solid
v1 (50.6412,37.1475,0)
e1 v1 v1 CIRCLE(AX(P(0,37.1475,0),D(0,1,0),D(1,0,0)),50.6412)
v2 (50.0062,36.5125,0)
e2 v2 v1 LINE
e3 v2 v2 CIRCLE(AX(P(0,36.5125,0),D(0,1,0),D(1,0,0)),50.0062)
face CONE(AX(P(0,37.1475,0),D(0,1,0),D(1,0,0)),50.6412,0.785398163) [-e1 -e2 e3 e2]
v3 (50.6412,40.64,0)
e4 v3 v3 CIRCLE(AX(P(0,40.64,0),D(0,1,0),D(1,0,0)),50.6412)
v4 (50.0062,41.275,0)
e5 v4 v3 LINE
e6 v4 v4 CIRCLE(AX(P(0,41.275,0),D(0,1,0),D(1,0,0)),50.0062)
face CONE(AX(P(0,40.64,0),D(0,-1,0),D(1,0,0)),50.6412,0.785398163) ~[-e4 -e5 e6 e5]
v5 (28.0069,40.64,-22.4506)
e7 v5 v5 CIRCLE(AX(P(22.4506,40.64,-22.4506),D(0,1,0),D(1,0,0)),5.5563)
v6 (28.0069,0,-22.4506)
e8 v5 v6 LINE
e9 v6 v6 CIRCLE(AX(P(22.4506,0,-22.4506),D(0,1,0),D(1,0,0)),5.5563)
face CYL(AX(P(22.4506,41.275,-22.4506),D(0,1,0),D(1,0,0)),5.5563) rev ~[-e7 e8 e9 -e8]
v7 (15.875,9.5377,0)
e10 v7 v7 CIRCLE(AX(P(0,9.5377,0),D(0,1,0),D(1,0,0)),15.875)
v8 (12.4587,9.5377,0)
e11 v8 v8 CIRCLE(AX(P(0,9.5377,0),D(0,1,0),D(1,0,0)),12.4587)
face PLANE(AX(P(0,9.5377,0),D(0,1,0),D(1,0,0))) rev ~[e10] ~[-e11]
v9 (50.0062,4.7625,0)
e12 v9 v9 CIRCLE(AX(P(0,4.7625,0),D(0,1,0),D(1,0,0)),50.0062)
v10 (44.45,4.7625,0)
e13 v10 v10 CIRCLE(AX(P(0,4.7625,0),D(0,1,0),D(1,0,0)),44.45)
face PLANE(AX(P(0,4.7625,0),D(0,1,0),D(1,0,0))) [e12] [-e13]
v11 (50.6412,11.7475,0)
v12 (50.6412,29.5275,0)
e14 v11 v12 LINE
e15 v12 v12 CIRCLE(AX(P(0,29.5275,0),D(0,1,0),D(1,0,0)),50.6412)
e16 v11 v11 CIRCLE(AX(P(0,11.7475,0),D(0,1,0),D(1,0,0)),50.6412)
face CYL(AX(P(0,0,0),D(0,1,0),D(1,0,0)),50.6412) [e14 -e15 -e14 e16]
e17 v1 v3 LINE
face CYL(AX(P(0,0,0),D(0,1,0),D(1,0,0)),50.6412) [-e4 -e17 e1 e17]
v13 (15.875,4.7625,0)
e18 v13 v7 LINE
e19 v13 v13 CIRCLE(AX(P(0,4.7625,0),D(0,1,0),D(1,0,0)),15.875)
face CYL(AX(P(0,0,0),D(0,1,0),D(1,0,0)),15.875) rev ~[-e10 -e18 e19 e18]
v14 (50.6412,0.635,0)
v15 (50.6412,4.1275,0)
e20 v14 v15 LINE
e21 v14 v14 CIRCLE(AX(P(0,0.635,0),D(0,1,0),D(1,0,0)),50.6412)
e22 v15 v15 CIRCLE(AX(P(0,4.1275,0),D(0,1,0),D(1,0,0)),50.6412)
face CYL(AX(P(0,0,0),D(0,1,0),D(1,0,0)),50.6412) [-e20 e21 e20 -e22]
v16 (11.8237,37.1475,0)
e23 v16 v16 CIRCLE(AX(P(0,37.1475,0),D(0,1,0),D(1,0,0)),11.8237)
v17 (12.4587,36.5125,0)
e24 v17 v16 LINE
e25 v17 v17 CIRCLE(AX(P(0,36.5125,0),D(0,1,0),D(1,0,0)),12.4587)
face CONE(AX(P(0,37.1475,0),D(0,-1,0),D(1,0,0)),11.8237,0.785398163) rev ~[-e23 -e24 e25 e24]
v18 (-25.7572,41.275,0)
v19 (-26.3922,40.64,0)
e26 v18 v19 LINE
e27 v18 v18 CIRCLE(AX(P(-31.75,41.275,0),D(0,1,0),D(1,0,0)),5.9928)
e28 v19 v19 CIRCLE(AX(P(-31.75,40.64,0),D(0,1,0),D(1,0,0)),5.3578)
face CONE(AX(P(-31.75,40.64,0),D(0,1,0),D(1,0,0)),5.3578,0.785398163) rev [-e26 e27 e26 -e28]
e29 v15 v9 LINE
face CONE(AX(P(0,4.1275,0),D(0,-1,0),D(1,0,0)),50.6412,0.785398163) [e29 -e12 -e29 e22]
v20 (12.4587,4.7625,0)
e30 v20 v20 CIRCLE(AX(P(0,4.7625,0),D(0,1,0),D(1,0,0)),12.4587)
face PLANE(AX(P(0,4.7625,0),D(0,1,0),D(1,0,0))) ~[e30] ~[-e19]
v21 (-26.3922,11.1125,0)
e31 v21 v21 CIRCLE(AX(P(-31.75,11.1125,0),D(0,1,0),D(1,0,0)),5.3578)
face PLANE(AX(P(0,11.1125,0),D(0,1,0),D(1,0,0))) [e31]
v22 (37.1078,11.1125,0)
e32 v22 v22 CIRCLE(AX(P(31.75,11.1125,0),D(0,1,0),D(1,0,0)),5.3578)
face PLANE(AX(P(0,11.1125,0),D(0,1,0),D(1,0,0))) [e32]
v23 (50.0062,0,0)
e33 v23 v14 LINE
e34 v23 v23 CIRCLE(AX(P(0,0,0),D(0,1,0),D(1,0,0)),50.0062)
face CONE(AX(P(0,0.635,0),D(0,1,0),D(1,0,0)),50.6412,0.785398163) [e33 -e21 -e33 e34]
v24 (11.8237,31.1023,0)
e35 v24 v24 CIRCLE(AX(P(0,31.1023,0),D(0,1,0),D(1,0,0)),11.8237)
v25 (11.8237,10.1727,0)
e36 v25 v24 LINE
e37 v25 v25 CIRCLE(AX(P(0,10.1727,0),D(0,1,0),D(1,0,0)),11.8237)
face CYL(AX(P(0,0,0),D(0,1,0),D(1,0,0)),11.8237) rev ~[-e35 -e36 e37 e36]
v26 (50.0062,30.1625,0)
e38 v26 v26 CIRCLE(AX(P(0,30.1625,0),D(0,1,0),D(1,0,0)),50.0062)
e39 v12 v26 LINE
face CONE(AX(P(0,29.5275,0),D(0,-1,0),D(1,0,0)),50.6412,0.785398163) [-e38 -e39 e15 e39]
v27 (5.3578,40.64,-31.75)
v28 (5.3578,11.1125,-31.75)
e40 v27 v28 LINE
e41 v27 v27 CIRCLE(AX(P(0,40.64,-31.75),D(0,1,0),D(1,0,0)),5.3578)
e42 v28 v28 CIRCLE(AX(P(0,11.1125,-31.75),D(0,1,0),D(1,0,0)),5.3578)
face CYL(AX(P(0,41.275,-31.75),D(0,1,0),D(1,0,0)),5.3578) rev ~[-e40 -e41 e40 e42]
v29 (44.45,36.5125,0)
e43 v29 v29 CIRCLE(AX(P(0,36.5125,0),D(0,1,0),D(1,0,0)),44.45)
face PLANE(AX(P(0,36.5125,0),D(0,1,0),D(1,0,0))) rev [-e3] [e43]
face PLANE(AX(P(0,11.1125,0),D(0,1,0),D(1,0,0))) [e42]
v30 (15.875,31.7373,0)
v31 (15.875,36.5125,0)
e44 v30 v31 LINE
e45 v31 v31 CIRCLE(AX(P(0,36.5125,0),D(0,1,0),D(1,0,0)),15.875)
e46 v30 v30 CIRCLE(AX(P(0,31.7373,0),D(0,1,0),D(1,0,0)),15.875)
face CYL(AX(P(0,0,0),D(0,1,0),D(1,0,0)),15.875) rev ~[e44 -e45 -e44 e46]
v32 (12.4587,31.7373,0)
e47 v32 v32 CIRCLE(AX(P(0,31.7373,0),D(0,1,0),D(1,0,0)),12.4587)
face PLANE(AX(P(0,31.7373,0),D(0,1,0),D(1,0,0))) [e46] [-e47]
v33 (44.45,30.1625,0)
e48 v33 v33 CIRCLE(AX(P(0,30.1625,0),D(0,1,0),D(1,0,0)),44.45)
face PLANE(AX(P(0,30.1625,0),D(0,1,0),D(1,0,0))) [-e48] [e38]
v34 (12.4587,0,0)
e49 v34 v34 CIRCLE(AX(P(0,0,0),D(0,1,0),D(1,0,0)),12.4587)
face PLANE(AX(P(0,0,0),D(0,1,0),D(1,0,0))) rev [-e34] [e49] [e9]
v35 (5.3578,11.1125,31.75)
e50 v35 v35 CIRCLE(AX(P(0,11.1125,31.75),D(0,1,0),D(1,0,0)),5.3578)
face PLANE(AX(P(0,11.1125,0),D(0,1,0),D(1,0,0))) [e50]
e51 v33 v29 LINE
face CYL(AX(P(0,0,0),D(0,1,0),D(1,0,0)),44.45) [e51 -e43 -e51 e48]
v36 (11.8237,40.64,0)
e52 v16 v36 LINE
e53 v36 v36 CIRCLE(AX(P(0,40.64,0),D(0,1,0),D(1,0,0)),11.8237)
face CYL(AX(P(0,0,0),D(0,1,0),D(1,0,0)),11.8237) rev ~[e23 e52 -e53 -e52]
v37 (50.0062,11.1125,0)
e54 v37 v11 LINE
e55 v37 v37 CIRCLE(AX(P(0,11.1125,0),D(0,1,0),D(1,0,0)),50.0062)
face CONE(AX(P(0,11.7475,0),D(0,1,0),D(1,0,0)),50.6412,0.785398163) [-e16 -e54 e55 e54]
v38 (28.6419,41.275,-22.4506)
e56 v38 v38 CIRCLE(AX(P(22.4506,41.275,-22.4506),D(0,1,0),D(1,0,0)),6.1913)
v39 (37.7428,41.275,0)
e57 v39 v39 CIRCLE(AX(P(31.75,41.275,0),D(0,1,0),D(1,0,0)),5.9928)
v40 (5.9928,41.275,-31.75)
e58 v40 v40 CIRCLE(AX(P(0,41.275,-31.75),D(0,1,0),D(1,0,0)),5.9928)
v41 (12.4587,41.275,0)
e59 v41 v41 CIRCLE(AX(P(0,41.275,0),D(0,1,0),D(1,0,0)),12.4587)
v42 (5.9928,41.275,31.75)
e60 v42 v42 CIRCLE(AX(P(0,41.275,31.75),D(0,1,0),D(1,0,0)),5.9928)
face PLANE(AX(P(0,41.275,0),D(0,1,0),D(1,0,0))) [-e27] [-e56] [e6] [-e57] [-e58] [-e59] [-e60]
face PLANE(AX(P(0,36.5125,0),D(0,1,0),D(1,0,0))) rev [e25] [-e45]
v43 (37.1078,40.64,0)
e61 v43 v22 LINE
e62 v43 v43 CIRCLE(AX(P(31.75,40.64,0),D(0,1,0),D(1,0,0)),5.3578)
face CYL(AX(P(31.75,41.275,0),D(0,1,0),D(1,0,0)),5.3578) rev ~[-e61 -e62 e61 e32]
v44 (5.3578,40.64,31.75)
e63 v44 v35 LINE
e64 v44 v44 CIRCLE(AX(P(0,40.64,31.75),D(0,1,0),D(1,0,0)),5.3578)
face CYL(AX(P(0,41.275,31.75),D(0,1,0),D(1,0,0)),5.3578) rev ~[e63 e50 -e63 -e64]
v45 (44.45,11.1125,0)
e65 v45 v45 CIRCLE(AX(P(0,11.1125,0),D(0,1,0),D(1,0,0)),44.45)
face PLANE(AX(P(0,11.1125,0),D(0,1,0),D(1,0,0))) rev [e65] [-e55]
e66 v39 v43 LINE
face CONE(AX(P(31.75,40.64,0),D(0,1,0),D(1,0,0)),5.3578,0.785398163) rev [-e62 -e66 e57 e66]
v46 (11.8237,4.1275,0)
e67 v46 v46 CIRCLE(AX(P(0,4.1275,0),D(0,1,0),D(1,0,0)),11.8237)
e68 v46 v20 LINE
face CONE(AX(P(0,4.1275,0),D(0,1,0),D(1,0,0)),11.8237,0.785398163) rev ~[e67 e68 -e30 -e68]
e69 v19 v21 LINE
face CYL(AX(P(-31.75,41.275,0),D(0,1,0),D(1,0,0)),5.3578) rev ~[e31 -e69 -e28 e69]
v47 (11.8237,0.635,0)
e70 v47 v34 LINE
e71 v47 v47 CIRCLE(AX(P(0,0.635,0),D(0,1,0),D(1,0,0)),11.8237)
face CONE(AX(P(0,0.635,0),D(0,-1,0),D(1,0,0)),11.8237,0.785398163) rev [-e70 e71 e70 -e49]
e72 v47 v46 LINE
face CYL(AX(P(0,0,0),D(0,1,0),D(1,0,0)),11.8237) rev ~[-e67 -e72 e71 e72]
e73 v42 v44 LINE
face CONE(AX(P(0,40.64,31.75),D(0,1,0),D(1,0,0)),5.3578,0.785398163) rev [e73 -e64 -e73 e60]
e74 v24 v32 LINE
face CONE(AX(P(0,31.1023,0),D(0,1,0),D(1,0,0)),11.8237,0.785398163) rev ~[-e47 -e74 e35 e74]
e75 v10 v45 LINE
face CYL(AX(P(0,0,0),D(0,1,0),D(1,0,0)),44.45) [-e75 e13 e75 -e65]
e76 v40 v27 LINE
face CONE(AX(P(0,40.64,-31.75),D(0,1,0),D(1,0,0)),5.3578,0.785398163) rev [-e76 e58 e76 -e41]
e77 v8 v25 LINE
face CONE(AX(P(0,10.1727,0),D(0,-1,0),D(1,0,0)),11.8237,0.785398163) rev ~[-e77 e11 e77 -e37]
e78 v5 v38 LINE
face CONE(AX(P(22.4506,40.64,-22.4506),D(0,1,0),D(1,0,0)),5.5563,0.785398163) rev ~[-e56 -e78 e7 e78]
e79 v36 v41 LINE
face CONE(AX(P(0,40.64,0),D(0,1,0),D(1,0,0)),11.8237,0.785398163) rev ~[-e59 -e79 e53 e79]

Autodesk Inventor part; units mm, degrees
ref_plane "YZ Plane" through (0, 0, 0) normal (1, 0, 0) x (0, 1, 0)
ref_plane "XZ Plane" through (0, 0, 0) normal (0, 1, 0) x (-1, 0, 0)
ref_plane "XY Plane" through (0, 0, 0) normal (0, 0, 1) x (1, 0, 0)
sketch "Sketch1" plane through (0, 0, 0) normal (0, 0, 1) x (1, 0, 0)
  line L0 (50.8, 0) -> (50.8, 39.0312) construction
  line L1 (0, 0) -> (50.6412, 0)
  line L2 (44.45, 0) -> (44.45, 51.6727)
  line L3 (0, 0) -> (0, 50.5742)
  line L4 (50.6412, 0) -> (50.6412, 45.6895)
  line L5 (50.6413, 4.7625) -> (44.45, 4.7625)
  line L6 (44.45, 11.1125) -> (50.6412, 11.1125)
  line L7 (50.6412, 30.1625) -> (44.45, 30.1625)
  line L8 (44.45, 36.5125) -> (50.6412, 36.5125)
  line L9 (50.6412, 41.275) -> (0, 41.275)
  line L10 (11.8237, 0) -> (11.8237, 53.9909)
  line L11 (15.875, 0) -> (15.875, 48.05)
  line L12 (11.8237, 4.7625) -> (15.875, 4.7625)
  line L13 (15.875, 9.5377) -> (11.8237, 9.5377)
  line L14 (15.875, 31.7373) -> (11.8237, 31.7373)
  line L15 (11.8237, 36.5125) -> (15.875, 36.5125)
  point P0 (47.5456, 36.5125)
  point P1 (44.45, 30.1625)
  point P2 (11.8237, 41.275)
  dimension "d1" = 50.6412
  dimension "d2" = 44.45
  dimension "d3" = 6.35
  dimension "d4" = 6.35
  dimension "d5" = 4.7625
  dimension "d6" = 19.05
  dimension "d7" = 4.7625
  dimension "d12" = 41.275
  dimension "d20" = 11.8237
  dimension "d22" = 15.875
  dimension "d23" = 4.7752
  dimension "d24" = 4.7752
revolve "Revolution1" add sketch "Sketch1" angle 360 about axis through (0, 0, 0) along (0, 1, 0) contours L10 L12 L11 L1 | L11 L9 L2 L1 | L9 L11 L15 L10 | L2 L5 L4 L1 | L10 L14 L11 L13 | L9 L4 L8 L2 | L2 L7 L4 L6
chamfer "Chamfer1" distance 0.635 angle 45 12 edges at (-50.6412, 0, 0) (-50.6413, 4.7625, 0) (-50.6412, 11.1125, 0) (-50.6412, 30.1625, 0) (-50.6412, 36.5125, 0) (-50.6412, 41.275, 0) (-11.8237, 41.275, 0) (-11.8237, 36.5125, 0) (-11.8237, 31.7373, 0) (-11.8237, 9.5377, 0) (-11.8237, 4.7625, 0) (-11.8237, 0, 0)
sketch "Sketch3" plane through (0, 41.275, 0) normal (0, 1, 0) x (1, 0, 0)
  circle A0 centre (0, 31.75) radius 5.3578
  circle A1 centre (-31.75, 0) radius 5.3578
  circle A2 centre (0, -31.75) radius 5.3578
  circle A3 centre (31.75, 0) radius 5.3578
  circle A4 centre (0, 0) radius 31.75 construction
  line L0 (0, 0) -> (22.4506, 22.4506) construction
  line L1 (0, 0) -> (31.75, 0) construction
  circle A5 centre (22.4506, 22.4506) radius 5.5563
  dimension "d27" = 360
  dimension "d29" = 10.7156
  dimension "d30" = 31.75
  dimension "d31" = 45
  dimension "d32" = 11.1125
extrude "Extrusion3" cut sketch "Sketch3" against normal up to surface (30.1625 mm away) contours A0 | A1 | A2 | A3
extrude "Extrusion4" cut sketch "Sketch3" against normal blind 352.425 contours A5
chamfer "Chamfer2" distance 0.635 angle 45 5 edges at (-37.1078, 41.275, 0) (-5.3578, 41.275, -31.75) (16.8944, 41.275, -22.4506) (26.3922, 41.275, 0) (-5.3578, 41.275, 31.75)
properties part number "2 Piston"
